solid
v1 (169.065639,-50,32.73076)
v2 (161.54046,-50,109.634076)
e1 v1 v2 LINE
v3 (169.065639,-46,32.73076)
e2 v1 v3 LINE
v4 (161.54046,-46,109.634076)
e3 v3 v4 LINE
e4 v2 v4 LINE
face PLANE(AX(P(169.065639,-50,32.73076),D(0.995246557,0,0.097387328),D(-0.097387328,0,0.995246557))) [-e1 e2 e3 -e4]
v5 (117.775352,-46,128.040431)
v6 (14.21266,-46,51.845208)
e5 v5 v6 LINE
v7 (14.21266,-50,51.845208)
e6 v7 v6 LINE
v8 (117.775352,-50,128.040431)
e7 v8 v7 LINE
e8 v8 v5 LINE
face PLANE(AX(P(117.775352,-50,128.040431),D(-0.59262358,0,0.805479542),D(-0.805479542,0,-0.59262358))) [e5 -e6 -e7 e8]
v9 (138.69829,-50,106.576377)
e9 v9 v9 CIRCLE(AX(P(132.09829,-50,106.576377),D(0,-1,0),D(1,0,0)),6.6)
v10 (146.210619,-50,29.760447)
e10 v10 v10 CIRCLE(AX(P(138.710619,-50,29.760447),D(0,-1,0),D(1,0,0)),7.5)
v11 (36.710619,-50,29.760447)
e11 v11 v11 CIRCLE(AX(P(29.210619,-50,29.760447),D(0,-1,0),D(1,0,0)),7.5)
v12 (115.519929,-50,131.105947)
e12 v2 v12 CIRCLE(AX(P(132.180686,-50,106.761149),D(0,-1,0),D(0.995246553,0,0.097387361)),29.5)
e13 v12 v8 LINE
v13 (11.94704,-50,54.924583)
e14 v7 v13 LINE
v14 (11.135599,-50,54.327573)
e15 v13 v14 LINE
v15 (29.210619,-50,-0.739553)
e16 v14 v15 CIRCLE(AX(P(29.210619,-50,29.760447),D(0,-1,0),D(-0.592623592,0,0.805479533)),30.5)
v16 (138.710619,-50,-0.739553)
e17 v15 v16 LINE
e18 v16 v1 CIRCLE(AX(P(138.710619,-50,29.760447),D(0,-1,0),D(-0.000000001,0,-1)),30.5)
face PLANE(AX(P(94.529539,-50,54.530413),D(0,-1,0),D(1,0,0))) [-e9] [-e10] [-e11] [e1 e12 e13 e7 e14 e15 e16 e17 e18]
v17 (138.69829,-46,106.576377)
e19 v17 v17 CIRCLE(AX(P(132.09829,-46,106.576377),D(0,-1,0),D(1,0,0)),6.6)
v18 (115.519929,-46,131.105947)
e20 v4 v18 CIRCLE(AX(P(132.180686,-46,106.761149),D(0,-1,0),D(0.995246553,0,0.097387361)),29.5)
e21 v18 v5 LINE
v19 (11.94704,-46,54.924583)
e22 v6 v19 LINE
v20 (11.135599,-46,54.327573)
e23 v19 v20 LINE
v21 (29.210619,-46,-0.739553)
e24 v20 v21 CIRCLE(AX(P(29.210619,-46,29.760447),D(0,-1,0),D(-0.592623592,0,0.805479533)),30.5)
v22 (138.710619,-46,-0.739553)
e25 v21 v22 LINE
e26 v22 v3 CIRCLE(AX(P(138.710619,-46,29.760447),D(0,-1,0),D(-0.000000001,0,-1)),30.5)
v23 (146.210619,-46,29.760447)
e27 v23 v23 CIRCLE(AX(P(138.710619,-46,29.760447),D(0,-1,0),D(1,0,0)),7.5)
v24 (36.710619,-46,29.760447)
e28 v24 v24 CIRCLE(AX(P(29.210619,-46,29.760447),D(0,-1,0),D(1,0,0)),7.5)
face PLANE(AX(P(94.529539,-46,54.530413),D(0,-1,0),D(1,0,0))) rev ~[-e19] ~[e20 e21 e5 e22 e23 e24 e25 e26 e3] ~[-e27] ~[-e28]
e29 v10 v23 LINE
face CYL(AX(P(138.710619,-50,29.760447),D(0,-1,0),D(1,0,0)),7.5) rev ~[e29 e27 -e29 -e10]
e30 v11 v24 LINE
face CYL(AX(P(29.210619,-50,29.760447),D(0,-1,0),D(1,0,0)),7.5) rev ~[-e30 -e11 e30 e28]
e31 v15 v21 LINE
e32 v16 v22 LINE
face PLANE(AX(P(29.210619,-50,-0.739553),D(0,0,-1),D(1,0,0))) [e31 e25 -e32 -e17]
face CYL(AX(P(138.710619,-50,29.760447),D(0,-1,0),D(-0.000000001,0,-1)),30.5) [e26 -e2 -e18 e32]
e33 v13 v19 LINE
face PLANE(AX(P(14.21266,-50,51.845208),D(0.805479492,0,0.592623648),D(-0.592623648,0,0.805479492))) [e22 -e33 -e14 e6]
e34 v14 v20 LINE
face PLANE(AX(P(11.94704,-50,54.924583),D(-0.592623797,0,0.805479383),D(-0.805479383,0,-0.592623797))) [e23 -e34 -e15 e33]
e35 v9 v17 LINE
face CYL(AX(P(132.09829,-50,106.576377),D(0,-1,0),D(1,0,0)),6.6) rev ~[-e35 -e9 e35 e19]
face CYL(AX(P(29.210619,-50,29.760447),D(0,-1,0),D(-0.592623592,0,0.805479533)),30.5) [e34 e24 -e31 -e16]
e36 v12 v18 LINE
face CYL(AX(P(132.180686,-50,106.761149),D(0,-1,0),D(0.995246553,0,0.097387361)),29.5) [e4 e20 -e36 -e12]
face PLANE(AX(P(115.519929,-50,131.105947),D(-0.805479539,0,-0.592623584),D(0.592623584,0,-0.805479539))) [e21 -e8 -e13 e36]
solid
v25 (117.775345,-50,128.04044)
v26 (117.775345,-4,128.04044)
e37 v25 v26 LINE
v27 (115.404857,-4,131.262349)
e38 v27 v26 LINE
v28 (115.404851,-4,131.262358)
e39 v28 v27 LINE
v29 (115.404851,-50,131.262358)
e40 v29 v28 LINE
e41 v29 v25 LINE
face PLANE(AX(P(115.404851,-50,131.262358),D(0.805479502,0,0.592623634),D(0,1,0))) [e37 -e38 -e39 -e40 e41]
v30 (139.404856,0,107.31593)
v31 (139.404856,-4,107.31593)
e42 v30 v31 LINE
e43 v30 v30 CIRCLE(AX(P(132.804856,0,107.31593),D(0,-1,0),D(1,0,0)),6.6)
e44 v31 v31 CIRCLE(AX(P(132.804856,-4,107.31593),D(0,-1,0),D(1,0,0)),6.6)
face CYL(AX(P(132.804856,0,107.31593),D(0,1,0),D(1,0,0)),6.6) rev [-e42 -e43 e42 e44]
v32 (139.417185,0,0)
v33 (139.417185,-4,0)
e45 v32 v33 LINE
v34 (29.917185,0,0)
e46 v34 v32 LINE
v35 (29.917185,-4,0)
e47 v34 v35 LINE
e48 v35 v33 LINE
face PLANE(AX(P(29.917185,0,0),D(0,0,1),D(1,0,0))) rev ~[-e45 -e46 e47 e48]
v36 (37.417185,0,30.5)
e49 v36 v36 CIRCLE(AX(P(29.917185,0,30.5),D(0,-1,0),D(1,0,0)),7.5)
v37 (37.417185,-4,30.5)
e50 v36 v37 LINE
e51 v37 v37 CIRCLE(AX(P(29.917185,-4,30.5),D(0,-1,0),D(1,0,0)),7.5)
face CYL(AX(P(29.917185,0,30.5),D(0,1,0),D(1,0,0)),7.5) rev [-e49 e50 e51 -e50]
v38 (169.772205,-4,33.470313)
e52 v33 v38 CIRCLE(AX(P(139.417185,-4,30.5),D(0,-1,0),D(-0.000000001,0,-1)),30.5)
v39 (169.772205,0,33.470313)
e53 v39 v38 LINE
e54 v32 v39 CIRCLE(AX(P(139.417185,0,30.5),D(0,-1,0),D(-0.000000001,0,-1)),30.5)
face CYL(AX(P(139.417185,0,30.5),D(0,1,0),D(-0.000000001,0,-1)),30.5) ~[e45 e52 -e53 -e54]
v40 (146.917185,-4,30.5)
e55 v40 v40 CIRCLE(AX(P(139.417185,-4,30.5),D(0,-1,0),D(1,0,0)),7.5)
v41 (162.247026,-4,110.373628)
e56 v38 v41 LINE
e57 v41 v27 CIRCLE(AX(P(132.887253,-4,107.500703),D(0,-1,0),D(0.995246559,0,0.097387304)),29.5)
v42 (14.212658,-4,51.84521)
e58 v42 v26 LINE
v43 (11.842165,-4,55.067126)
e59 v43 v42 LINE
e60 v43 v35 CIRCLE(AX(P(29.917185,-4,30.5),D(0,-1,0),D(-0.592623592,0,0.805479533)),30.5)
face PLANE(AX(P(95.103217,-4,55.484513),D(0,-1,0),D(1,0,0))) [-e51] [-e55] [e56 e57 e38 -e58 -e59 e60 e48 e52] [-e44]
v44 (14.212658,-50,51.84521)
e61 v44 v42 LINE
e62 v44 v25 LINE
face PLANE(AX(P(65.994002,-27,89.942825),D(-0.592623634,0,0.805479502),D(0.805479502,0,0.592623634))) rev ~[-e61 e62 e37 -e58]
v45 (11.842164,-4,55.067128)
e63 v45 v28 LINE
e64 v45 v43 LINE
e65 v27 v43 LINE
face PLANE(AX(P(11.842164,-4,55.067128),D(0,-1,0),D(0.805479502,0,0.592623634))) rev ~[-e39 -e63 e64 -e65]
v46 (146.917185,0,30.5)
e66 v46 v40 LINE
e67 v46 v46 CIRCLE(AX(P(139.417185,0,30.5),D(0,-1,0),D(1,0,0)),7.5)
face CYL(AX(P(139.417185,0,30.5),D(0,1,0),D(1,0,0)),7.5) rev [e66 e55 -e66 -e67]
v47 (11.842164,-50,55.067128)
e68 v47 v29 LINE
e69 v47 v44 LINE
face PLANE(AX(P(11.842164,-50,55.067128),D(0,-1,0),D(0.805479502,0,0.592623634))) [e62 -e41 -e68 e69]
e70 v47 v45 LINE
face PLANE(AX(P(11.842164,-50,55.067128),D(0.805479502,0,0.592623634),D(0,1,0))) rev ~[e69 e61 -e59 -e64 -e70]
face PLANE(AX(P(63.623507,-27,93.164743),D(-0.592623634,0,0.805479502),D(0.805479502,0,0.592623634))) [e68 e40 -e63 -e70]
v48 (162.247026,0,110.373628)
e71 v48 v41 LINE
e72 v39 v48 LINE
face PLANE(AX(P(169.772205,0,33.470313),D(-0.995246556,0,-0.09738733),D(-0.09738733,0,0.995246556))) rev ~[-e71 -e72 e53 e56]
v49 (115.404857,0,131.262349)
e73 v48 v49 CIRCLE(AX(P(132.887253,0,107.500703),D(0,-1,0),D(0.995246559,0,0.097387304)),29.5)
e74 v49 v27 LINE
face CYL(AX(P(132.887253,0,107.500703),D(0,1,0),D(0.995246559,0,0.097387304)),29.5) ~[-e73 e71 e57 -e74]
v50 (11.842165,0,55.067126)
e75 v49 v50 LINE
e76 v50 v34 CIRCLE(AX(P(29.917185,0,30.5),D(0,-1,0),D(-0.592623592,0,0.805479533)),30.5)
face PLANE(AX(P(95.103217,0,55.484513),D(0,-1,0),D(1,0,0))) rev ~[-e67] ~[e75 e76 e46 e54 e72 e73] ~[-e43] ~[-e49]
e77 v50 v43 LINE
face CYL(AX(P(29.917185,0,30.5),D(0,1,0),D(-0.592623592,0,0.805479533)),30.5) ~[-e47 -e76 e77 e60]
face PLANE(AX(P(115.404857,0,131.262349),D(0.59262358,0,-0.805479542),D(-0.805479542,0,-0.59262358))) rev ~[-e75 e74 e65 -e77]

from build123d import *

# Parameters (mm, degrees)
F0_R     = 7.5
F0_R_2   = 6.6
F1_DEPTH = 4
F2_W     = 128.572716
F2_H     = 46
F3_DEPTH = 4
F4_R     = 7.5
F4_R_2   = 6.6
F5_DEPTH = 4


with BuildPart() as f1:
    # F0 (on Front) → F1 (new body)
    with BuildSketch(Plane.XZ):
        with BuildLine():
            ThreePointArc((11.842165, 55.067126), (0.938336, 20.988095), (29.917185, 0))
            Line((29.917185, 0), (139.417185, 0))
            ThreePointArc((139.417185, 0), (162.009712, 10.010302), (169.772205, 33.470313))
            Line((169.772205, 33.470313), (162.247026, 110.373628))
            ThreePointArc((162.247026, 110.373628), (144.901939, 134.443184), (115.404857, 131.262349))
            Line((115.404857, 131.262349), (11.842165, 55.067126))
        make_face()
        with Locations((29.917185, 30.5)):
            Circle(F0_R, mode=Mode.SUBTRACT)
        with Locations((139.417185, 30.5)):
            Circle(F0_R, mode=Mode.SUBTRACT)
        with Locations((132.804856, 107.31593)):
            Circle(F0_R_2, mode=Mode.SUBTRACT)
    extrude(amount=F1_DEPTH)

    # F2 (on face) → F3 (join)
    with BuildSketch(Plane(origin=(-22.127081, 0, 30.07459), x_dir=(0.80548, 0, 0.592624), z_dir=(-0.592624, 0, 0.80548))):
        with Locations((106.459057, -27)):
            Rectangle(F2_W, F2_H)
    extrude(amount=-F3_DEPTH)


with BuildPart() as f5:
    # F4 (on face) → F5 (new body)
    with BuildSketch(Plane.XZ.offset(50)):
        with BuildLine():
            ThreePointArc((11.135599, 54.327573), (0.23177, 20.248542), (29.210619, -0.739553))
            Line((29.210619, -0.739553), (138.710619, -0.739553))
            ThreePointArc((138.710619, -0.739553), (161.303146, 9.270749), (169.065639, 32.73076))
            Line((169.065639, 32.73076), (161.54046, 109.634076))
            ThreePointArc((161.54046, 109.634076), (144.65372, 133.494526), (115.519929, 131.105947))
            Line((115.519929, 131.105947), (117.775352, 128.040431))
            Line((117.775352, 128.040431), (14.21266, 51.845208))
            Line((14.21266, 51.845208), (11.94704, 54.924583))
            Line((11.94704, 54.924583), (11.135599, 54.327573))
        make_face()
        with Locations((29.210619, 29.760447)):
            Circle(F4_R, mode=Mode.SUBTRACT)
        with Locations((138.710619, 29.760447)):
            Circle(F4_R, mode=Mode.SUBTRACT)
        with Locations((132.09829, 106.576377)):
            Circle(F4_R_2, mode=Mode.SUBTRACT)
    extrude(amount=-F5_DEPTH)


solid = Compound([f1.part, f5.part])
